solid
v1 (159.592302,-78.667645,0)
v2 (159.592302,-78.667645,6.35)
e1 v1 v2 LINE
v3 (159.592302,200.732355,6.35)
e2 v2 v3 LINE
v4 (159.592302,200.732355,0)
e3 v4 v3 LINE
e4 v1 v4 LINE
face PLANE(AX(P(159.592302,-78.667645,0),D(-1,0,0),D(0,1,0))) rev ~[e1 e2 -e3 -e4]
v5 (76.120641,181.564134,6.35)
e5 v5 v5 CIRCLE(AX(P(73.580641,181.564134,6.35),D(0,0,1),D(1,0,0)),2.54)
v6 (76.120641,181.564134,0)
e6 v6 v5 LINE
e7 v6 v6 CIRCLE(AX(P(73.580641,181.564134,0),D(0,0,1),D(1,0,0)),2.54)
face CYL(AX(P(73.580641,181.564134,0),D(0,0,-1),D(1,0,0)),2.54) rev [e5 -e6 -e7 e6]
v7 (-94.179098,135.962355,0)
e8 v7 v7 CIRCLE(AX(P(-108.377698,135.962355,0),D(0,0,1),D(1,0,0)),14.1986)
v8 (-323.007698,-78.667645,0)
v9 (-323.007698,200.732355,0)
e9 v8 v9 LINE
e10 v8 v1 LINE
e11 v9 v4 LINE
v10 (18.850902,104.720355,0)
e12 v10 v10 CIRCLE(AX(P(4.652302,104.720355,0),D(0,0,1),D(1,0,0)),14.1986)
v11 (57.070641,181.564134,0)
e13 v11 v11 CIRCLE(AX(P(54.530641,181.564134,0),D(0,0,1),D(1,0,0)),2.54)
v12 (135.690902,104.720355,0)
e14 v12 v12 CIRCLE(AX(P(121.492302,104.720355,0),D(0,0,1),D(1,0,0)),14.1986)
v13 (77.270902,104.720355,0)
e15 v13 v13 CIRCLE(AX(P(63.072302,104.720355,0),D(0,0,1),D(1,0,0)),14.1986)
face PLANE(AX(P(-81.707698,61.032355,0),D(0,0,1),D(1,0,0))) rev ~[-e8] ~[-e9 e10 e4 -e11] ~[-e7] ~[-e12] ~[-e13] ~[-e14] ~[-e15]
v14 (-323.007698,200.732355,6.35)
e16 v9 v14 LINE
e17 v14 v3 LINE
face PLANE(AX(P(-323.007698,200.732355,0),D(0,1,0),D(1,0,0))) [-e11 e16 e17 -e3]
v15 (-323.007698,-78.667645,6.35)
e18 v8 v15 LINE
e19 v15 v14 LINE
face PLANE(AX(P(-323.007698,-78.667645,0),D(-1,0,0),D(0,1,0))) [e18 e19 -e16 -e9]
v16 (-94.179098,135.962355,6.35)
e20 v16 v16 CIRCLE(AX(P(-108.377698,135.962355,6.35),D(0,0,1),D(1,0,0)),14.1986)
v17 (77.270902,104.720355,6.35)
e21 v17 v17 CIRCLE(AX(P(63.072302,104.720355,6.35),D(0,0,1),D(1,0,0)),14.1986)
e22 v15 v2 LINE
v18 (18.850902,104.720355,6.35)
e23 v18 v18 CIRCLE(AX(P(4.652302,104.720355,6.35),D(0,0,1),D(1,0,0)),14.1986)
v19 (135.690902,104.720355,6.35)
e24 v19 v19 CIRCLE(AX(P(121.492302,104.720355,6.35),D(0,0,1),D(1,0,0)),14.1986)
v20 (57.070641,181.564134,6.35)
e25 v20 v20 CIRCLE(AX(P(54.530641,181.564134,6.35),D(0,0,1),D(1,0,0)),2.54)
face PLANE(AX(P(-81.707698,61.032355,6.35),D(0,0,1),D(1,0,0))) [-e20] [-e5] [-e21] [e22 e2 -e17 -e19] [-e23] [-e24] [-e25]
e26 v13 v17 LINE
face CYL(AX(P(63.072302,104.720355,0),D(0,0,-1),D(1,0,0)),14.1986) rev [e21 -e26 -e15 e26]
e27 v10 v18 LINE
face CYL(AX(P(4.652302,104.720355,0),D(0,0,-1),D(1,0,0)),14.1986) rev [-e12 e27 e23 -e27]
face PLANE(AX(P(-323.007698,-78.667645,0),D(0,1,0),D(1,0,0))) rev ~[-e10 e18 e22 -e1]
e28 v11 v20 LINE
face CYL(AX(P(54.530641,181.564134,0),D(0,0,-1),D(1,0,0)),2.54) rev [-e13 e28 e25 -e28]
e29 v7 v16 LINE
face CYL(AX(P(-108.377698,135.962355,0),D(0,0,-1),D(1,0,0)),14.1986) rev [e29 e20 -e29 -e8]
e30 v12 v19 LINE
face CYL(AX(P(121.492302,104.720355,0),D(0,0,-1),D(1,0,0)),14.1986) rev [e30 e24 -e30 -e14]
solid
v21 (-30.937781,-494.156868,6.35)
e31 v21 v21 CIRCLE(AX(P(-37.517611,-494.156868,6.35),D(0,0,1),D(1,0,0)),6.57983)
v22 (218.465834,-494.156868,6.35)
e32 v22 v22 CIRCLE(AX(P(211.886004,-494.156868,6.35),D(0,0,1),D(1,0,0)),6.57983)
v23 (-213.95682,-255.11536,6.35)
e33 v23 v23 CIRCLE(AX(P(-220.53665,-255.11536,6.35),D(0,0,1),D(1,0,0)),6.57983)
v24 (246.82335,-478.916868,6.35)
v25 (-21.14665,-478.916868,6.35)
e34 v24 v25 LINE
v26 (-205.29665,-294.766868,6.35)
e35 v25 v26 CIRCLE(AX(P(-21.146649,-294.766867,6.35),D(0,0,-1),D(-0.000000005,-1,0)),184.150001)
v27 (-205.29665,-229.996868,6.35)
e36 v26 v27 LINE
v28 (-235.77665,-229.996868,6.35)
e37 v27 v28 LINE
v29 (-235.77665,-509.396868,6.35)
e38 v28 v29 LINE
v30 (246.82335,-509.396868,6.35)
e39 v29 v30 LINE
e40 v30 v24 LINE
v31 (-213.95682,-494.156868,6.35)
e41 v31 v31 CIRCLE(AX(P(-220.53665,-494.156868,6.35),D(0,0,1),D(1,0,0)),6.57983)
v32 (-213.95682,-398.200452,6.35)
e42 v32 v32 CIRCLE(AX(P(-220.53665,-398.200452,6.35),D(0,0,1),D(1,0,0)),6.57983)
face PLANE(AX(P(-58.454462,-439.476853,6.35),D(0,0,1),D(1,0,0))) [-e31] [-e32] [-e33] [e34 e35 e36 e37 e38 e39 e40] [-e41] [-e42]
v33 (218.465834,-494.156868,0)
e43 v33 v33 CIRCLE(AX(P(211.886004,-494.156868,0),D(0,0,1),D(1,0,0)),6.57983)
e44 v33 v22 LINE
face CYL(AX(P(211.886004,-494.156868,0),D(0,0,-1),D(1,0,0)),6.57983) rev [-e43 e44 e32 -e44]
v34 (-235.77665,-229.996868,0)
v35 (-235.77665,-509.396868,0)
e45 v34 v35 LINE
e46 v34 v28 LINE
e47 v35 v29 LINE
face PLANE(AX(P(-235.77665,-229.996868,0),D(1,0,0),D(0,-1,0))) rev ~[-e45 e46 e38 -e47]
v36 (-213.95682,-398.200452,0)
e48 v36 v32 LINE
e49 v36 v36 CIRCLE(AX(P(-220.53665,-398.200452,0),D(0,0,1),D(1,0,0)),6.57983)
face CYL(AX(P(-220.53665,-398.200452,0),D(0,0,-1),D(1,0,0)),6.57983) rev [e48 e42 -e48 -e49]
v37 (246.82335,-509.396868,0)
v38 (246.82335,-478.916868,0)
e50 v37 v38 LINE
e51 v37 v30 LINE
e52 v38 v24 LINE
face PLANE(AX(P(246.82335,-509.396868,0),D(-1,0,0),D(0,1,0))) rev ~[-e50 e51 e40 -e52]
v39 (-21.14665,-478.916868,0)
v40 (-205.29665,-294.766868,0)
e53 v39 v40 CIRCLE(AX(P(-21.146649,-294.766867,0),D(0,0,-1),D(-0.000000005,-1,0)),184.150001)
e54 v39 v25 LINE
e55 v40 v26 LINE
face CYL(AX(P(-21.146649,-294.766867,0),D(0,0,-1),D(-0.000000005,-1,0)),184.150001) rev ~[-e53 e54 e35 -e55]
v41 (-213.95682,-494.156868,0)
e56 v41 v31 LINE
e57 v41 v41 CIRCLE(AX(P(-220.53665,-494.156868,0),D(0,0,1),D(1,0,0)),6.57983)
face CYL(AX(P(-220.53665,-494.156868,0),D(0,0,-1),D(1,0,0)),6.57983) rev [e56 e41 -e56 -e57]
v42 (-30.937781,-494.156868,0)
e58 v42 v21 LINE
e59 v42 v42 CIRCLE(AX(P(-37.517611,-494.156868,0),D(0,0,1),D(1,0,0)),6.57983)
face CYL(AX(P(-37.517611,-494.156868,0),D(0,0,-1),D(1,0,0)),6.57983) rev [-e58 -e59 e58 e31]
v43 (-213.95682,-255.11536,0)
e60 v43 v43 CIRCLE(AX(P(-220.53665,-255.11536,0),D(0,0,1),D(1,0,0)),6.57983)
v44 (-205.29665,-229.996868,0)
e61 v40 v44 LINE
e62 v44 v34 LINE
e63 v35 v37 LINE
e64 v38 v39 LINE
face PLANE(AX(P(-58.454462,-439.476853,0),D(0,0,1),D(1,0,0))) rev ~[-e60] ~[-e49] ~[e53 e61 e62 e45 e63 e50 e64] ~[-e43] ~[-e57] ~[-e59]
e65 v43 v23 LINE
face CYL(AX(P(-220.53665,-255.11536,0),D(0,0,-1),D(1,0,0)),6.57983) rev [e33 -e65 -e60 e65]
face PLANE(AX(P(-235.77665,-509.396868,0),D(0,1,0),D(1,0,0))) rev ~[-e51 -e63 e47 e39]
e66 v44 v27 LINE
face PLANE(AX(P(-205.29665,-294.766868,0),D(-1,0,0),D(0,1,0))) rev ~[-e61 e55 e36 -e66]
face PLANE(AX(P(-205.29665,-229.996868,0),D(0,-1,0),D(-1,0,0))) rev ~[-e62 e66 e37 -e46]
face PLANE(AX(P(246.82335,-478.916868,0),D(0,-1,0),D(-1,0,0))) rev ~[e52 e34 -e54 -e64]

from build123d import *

# Parameters (mm, degrees)
F0_R     = 6.57983
F1_DEPTH = 6.35
F0_W     = 482.6
F0_H     = 279.4
F0_R_2   = 14.1986
F0_R_3   = 2.54
F2_DEPTH = 6.35


with BuildPart() as f1:
    # F0 (on Top) → F1 (new body)
    with BuildSketch(Plane.XY):
        with BuildLine():
            Line((-235.77665, -229.996868), (-235.77665, -509.396868))
            Line((-235.77665, -509.396868), (246.82335, -509.396868))
            Line((246.82335, -509.396868), (246.82335, -478.916868))
            Line((246.82335, -478.916868), (-21.14665, -478.916868))
            ThreePointArc((-21.14665, -478.916868), (-151.360364, -424.980581), (-205.29665, -294.766868))
            Line((-205.29665, -294.766868), (-205.29665, -229.996868))
            Line((-205.29665, -229.996868), (-235.77665, -229.996868))
        make_face()
        with Locations((-220.53665, -494.156868)):
            Circle(F0_R, mode=Mode.SUBTRACT)
        with Locations((-220.53665, -398.200452)):
            Circle(F0_R, mode=Mode.SUBTRACT)
        with Locations((-220.53665, -255.11536)):
            Circle(F0_R, mode=Mode.SUBTRACT)
        with Locations((-37.517611, -494.156868)):
            Circle(F0_R, mode=Mode.SUBTRACT)
        with Locations((211.886004, -494.156868)):
            Circle(F0_R, mode=Mode.SUBTRACT)
    extrude(amount=F1_DEPTH)


with BuildPart() as f2:
    # F0 (on Top) → F2 (new body)
    with BuildSketch(Plane.XY):
        with Locations((-81.707698, 61.032355)):
            Rectangle(F0_W, F0_H)
        with Locations((-108.377698, 135.962355)):
            Circle(F0_R_2, mode=Mode.SUBTRACT)
        with Locations((4.652302, 104.720355)):
            Circle(F0_R_2, mode=Mode.SUBTRACT)
        with Locations((63.072302, 104.720355)):
            Circle(F0_R_2, mode=Mode.SUBTRACT)
        with Locations((54.530641, 181.564134)):
            Circle(F0_R_3, mode=Mode.SUBTRACT)
        with Locations((73.580641, 181.564134)):
            Circle(F0_R_3, mode=Mode.SUBTRACT)
        with Locations((121.492302, 104.720355)):
            Circle(F0_R_2, mode=Mode.SUBTRACT)
    extrude(amount=F2_DEPTH)


solid = Compound([f1.part, f2.part])
